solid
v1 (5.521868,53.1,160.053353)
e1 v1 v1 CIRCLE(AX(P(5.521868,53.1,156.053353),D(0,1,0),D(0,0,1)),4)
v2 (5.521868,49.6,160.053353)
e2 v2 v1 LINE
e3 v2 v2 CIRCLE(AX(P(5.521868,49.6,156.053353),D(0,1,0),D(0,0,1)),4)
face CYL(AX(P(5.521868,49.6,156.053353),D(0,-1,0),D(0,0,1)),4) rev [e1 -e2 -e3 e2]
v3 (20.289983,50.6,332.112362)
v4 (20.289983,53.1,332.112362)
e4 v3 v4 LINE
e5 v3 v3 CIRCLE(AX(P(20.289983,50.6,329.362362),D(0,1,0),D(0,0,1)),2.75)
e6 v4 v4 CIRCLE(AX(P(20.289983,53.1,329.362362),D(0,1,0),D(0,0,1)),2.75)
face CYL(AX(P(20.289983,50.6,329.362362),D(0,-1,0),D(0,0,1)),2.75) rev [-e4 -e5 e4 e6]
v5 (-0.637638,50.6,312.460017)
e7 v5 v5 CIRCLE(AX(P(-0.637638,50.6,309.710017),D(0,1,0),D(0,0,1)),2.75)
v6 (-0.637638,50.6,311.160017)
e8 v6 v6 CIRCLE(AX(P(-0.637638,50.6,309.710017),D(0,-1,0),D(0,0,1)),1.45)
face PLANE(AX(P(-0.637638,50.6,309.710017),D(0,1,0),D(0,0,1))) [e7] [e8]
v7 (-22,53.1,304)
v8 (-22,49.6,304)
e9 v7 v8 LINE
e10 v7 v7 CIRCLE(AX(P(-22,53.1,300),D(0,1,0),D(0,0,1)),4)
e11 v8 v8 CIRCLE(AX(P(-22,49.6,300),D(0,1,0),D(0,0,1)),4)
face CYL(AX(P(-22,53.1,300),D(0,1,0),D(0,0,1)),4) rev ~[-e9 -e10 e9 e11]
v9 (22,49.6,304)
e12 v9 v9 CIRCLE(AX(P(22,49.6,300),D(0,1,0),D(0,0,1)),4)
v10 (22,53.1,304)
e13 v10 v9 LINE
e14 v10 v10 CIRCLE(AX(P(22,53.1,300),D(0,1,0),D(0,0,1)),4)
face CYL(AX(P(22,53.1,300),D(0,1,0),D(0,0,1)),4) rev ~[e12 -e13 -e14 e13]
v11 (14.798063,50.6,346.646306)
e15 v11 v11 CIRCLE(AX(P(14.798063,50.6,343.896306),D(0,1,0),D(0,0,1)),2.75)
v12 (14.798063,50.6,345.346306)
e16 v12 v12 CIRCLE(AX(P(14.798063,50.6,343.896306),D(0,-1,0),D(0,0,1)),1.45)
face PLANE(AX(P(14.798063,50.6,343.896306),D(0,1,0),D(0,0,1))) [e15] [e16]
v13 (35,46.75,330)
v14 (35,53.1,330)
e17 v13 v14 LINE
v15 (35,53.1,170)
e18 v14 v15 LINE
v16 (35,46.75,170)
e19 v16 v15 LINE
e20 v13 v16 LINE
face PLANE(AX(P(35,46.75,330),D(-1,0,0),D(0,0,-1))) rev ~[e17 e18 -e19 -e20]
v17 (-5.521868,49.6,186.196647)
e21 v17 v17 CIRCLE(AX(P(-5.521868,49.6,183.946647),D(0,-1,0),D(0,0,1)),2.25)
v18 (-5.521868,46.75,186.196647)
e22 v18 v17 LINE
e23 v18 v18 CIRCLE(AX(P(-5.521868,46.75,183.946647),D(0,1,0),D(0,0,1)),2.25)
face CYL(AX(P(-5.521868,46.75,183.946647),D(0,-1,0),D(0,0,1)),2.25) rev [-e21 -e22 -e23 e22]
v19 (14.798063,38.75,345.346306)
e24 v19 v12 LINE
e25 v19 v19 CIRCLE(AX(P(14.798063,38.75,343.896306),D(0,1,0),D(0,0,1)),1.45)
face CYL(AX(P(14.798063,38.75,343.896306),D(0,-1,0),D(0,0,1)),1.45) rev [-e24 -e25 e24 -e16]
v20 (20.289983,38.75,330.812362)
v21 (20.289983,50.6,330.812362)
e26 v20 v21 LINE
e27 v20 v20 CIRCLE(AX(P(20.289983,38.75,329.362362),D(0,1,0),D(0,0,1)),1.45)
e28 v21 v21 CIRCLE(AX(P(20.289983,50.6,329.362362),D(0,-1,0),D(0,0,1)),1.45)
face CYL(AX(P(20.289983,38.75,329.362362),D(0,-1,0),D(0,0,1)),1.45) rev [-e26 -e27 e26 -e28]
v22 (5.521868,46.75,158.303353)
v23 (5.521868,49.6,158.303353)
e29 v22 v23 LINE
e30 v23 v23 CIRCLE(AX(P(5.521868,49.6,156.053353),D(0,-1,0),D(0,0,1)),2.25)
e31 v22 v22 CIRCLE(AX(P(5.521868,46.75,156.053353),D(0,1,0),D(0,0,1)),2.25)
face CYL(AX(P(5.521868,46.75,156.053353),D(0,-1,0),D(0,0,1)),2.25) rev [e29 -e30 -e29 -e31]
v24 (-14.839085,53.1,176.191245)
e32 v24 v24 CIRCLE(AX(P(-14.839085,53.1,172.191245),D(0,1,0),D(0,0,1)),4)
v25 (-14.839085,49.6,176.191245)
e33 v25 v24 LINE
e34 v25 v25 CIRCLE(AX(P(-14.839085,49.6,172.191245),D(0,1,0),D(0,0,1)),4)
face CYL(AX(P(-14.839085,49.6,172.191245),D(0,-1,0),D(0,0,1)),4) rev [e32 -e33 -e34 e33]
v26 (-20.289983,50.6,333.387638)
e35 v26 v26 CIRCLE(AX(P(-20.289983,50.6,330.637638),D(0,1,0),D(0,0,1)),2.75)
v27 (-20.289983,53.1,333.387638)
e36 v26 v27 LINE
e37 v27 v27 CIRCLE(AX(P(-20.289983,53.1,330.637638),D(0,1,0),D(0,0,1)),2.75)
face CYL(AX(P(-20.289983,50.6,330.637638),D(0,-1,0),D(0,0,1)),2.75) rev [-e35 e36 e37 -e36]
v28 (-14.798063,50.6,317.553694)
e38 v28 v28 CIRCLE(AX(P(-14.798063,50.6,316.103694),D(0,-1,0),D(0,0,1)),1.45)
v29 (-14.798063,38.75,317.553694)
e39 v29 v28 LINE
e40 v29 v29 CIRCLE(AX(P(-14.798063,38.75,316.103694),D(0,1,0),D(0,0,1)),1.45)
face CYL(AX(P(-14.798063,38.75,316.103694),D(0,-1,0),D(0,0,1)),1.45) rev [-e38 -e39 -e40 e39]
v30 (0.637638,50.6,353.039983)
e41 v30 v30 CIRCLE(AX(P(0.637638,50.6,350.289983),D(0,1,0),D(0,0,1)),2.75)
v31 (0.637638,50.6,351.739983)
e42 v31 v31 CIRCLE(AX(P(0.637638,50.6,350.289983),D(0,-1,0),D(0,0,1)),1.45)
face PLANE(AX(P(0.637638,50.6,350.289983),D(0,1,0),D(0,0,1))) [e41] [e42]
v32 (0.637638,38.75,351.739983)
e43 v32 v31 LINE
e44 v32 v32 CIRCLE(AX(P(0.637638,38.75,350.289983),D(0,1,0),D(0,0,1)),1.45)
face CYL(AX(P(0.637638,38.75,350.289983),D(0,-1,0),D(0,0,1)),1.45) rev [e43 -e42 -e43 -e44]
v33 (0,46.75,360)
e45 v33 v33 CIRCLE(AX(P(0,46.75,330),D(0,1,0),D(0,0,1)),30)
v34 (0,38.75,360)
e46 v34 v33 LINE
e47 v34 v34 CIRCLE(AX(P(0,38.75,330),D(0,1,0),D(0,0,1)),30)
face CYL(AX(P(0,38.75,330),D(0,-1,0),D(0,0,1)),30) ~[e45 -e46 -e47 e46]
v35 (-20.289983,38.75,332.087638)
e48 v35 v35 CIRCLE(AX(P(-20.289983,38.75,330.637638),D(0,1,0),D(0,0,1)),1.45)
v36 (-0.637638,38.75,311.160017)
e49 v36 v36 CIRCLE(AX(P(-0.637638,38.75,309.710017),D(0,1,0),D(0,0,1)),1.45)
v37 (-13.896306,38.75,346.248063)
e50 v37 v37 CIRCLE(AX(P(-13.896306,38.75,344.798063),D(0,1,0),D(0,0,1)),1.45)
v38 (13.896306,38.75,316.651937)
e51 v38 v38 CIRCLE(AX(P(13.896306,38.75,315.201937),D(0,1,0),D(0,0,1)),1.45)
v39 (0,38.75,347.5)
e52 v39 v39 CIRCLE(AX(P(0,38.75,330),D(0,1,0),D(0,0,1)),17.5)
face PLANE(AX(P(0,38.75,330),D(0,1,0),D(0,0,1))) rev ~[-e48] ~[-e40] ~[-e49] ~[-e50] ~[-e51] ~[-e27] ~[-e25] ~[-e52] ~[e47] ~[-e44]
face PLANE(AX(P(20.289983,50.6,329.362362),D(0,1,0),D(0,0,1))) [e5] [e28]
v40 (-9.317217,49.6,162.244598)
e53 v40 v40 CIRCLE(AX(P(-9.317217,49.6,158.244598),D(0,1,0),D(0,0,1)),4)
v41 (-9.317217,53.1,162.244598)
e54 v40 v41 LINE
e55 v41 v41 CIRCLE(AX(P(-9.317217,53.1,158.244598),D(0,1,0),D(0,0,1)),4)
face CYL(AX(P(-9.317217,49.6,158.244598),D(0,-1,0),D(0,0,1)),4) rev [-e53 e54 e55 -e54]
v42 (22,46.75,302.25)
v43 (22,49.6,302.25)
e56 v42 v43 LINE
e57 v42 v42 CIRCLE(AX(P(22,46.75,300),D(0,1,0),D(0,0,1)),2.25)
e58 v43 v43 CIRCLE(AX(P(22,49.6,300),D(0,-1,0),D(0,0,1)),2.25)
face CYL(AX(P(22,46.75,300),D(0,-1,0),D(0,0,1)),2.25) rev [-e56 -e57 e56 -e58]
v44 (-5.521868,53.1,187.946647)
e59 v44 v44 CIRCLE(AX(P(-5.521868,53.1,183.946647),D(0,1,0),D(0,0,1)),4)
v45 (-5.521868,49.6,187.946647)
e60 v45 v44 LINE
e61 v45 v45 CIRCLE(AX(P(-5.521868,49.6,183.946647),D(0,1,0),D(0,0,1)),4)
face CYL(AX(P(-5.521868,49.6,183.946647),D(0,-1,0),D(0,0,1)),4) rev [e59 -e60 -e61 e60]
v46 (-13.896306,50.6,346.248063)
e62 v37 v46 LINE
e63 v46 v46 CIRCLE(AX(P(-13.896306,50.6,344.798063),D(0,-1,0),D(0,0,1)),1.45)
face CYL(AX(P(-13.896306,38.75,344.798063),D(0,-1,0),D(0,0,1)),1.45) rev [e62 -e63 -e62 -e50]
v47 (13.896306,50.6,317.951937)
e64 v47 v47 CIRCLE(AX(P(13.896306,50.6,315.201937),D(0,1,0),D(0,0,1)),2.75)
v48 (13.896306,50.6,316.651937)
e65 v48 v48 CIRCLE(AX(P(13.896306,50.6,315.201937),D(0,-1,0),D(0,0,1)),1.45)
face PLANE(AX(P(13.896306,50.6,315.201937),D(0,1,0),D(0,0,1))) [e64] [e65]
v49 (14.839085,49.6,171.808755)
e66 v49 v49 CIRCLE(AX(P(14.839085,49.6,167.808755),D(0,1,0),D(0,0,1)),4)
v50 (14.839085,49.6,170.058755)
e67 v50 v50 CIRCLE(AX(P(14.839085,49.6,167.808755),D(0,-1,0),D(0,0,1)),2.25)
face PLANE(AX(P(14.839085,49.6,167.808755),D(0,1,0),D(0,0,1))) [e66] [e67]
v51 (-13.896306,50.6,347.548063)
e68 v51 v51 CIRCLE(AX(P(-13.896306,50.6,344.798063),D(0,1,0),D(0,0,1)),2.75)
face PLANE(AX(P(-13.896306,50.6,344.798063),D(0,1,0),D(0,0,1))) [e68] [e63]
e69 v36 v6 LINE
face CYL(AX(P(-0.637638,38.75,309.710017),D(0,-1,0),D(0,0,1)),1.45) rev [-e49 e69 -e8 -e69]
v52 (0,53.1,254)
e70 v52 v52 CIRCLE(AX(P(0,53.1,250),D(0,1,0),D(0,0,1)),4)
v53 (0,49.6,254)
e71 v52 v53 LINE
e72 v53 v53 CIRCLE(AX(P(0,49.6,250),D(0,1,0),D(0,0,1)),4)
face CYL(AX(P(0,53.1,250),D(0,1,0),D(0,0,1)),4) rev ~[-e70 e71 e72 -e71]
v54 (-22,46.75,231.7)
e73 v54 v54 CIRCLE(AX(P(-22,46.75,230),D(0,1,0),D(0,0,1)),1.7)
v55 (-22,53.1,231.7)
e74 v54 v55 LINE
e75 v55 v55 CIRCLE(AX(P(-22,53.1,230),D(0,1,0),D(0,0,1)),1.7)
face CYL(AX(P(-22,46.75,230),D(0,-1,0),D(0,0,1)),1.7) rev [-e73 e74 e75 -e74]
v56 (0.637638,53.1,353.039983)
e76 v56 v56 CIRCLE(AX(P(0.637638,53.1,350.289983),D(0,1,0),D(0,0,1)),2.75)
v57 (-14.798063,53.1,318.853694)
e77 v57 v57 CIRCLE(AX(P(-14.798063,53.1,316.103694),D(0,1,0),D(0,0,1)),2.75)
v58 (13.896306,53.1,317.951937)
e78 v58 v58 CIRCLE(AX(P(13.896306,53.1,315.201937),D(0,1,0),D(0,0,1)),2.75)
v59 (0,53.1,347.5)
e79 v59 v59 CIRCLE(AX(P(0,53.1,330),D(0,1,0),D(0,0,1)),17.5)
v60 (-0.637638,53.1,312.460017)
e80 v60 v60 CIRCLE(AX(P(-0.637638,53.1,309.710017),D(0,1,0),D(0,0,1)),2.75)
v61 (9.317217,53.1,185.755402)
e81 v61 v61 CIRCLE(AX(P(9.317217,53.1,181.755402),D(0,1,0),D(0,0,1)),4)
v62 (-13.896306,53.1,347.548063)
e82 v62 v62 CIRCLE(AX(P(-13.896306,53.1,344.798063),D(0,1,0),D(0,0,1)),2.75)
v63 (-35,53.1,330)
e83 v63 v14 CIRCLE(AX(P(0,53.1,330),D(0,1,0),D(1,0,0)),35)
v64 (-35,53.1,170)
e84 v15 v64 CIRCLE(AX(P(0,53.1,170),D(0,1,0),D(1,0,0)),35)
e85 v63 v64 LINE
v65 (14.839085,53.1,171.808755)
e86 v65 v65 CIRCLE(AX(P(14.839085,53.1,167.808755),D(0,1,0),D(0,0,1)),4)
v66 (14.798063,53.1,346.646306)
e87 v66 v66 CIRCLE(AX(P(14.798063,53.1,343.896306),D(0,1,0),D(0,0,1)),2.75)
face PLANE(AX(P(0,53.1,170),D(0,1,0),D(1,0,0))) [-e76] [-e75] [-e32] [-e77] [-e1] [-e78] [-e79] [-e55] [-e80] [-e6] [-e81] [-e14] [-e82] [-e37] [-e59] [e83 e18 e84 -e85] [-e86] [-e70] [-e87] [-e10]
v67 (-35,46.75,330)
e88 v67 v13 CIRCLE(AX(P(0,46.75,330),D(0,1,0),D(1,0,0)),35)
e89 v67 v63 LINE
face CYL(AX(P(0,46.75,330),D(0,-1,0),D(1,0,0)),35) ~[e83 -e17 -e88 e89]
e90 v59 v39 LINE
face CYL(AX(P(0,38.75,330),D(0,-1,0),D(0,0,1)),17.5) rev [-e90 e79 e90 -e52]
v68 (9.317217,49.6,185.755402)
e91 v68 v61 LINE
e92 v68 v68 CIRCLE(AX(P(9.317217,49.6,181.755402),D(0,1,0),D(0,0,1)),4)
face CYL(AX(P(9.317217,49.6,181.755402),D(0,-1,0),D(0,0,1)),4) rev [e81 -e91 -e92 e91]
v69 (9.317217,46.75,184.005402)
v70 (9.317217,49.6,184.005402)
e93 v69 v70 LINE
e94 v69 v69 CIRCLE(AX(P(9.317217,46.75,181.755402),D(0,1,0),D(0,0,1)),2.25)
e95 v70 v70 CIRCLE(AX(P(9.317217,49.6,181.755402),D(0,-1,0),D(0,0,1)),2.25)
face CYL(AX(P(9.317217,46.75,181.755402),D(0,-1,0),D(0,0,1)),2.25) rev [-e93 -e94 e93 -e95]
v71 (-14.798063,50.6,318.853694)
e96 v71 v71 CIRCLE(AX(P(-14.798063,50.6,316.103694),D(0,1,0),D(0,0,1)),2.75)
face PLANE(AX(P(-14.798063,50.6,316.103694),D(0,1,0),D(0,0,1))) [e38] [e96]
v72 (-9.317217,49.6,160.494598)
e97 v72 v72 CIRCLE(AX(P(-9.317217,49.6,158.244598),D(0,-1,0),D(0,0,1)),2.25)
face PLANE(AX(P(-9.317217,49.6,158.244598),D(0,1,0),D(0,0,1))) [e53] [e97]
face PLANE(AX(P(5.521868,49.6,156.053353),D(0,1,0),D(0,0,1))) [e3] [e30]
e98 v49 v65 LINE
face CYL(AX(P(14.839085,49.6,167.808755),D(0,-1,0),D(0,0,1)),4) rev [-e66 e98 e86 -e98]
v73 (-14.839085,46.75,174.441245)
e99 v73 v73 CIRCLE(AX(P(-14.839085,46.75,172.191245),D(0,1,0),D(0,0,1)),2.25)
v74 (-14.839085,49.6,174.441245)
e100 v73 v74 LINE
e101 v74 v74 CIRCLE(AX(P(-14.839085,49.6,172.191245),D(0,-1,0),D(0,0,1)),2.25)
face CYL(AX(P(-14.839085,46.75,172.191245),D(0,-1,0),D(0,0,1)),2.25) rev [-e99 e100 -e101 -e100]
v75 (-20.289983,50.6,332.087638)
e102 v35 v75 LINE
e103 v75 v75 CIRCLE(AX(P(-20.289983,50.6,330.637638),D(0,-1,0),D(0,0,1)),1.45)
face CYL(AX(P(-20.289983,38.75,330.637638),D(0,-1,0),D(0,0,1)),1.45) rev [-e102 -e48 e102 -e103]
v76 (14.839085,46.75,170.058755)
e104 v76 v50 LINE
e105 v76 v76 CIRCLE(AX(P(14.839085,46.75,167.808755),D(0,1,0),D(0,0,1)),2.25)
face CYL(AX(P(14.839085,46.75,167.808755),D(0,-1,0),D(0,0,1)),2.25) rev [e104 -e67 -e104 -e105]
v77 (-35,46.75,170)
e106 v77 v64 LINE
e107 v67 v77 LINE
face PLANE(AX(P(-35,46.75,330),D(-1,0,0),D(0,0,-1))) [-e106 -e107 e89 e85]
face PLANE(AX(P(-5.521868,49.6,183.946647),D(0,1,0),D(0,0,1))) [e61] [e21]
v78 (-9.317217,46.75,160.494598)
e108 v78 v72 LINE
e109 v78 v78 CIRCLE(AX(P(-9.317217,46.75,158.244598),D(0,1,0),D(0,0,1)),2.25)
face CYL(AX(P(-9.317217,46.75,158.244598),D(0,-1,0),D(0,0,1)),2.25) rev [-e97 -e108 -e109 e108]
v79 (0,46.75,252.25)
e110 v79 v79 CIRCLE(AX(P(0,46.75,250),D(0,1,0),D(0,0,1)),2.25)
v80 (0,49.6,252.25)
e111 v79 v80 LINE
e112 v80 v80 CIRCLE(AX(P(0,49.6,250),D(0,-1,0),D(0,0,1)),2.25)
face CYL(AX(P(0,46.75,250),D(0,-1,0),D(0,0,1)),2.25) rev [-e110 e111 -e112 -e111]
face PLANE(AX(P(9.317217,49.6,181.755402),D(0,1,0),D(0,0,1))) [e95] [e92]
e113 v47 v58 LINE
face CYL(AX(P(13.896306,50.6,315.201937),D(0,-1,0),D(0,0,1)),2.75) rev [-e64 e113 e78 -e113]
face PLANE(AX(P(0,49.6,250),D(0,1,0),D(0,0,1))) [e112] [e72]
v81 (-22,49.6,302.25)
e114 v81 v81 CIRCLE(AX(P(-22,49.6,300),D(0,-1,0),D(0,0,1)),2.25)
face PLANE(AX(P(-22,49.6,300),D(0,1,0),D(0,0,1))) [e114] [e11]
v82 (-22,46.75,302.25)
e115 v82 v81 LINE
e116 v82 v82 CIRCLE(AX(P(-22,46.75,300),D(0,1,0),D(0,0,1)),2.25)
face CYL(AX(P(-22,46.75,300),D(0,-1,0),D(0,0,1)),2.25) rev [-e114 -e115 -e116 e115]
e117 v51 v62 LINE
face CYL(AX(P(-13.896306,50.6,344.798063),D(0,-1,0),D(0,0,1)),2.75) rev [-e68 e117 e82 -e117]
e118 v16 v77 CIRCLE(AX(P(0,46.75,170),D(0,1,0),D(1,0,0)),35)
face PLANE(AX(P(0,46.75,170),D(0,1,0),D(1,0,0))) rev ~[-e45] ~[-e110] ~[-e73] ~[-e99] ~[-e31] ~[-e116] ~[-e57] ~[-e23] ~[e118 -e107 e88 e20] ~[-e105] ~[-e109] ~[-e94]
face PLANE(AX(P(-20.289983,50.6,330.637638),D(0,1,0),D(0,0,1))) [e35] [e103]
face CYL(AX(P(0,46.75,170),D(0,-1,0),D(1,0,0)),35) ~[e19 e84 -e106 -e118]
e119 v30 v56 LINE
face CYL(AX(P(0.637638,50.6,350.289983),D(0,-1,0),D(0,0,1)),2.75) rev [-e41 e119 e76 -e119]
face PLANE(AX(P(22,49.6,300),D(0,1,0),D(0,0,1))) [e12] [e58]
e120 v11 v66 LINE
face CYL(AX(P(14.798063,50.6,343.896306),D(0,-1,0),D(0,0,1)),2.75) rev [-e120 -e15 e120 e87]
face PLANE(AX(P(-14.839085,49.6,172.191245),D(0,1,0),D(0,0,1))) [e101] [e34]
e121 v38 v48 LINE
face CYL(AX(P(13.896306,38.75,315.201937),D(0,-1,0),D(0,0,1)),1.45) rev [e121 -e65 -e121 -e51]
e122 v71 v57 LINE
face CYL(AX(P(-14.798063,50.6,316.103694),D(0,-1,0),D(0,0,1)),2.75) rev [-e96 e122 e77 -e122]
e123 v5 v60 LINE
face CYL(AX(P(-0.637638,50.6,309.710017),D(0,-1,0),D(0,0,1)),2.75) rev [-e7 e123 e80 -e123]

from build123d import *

# Parameters (mm, degrees)
PLACA_START                    = 46.75
SK_PLACA_W                     = 70
SK_PLACA_H                     = 160
PLACA_DEPTH                    = 6.35
EXTREMOS_START                 = 46.75
SK_EXTREMOS_R                  = 35
EXTREMOS_DEPTH                 = 6.35
PASANTES_M4_SEPARADORES_START  = 46.75
SK_PASANTES_M4_SEPARADORES_R   = 2.25
PASANTES_M4_SEPARADORES_DEPTH  = 6.35
ASIENTO_J3_START               = 38.75
SK_ASIENTO_J3_R                = 30
SK_ASIENTO_J3_R_2              = 17.5
ASIENTO_J3_DEPTH               = 8
PASO_ROTOR_J3_START            = 38.75
SK_PASO_ROTOR_J3_R             = 17.5
PASO_ROTOR_J3_DEPTH            = 14.35
PASANTES_M2_5_ESTATOR_J3_START = 38.75
SK_PASANTES_M2_5_ESTATOR_J3_R  = 1.45
PASANTES_M2_5_ESTATOR_J3_DEPTH = 14.35
CAJAS_M2_5_J3_START            = 50.6
SK_CAJAS_M2_5_J3_R             = 2.75
CAJAS_M2_5_J3_DEPTH            = 2.5
PASANTES_M4_SALIDA_J2_START    = 46.75
SK_PASANTES_M4_SALIDA_J2_R     = 2.25
PASANTES_M4_SALIDA_J2_DEPTH    = 6.35
CAJAS_M4_J2_START              = 49.6
SK_CAJAS_M4_J2_R               = 4
CAJAS_M4_J2_DEPTH              = 3.5
PASANTE_M3_CINCHO_START        = 46.75
SK_PASANTE_M3_CINCHO_R         = 1.7
PASANTE_M3_CINCHO_DEPTH        = 6.35
SK_CAJAS_M4_SEPARADORES_R      = 4
CAJAS_M4_SEPARADORES_DEPTH     = 3.5


with BuildPart() as part:
    # Sk_Placa → Placa (new body)
    with BuildSketch(Plane(origin=(0, 0, 0), x_dir=(1, 0, 0), z_dir=(0, 1, 0)).offset(PLACA_START)):
        with Locations((0, -250)):
            Rectangle(SK_PLACA_W, SK_PLACA_H)
    extrude(amount=PLACA_DEPTH)

    # Sk_Extremos → Extremos (add)
    with BuildSketch(Plane(origin=(0, 0, 0), x_dir=(1, 0, 0), z_dir=(0, 1, 0)).offset(EXTREMOS_START)):
        with Locations((0, -170)):
            Circle(SK_EXTREMOS_R)
        with Locations((0, -330)):
            Circle(SK_EXTREMOS_R)
    extrude(amount=EXTREMOS_DEPTH)

    # Sk_Pasantes_M4_separadores → Pasantes_M4_separadores (cut)
    with BuildSketch(Plane(origin=(0, 0, 0), x_dir=(1, 0, 0), z_dir=(0, 1, 0)).offset(PASANTES_M4_SEPARADORES_START)):
        with Locations(Location((0, -250, 0), (0, 0, 270))):
            Circle(SK_PASANTES_M4_SEPARADORES_R)
        with Locations(Location((-22, -300, 0), (0, 0, 270))):
            Circle(SK_PASANTES_M4_SEPARADORES_R)
        with Locations(Location((22, -300, 0), (0, 0, 270))):
            Circle(SK_PASANTES_M4_SEPARADORES_R)
    extrude(amount=PASANTES_M4_SEPARADORES_DEPTH, mode=Mode.SUBTRACT)

    # Sk_Asiento_J3 → Asiento_J3 (add)
    with BuildSketch(Plane(origin=(0, 0, 0), x_dir=(1, 0, 0), z_dir=(0, 1, 0)).offset(ASIENTO_J3_START)):
        with Locations(Location((0, -330, 0), (0, 0, 270))):
            Circle(SK_ASIENTO_J3_R)
        with Locations(Location((0, -330, 0), (0, 0, 270))):
            Circle(SK_ASIENTO_J3_R_2, mode=Mode.SUBTRACT)
    extrude(amount=ASIENTO_J3_DEPTH)

    # Sk_Paso_rotor_J3 → Paso_rotor_J3 (cut)
    with BuildSketch(Plane(origin=(0, 0, 0), x_dir=(1, 0, 0), z_dir=(0, 1, 0)).offset(PASO_ROTOR_J3_START)):
        with Locations(Location((0, -330, 0), (0, 0, 270))):
            Circle(SK_PASO_ROTOR_J3_R)
    extrude(amount=PASO_ROTOR_J3_DEPTH, mode=Mode.SUBTRACT)

    # Sk_Pasantes_M2-5_estator_J3 → Pasantes_M2-5_estator_J3 (cut)
    with BuildSketch(Plane(origin=(0, 0, 0), x_dir=(1, 0, 0), z_dir=(0, 1, 0)).offset(PASANTES_M2_5_ESTATOR_J3_START)):
        with Locations(Location((20.289983175, -329.362361591, 0), (0, 0, 270))):
            Circle(SK_PASANTES_M2_5_ESTATOR_J3_R)
        with Locations(Location((14.798063137, -343.89630625, 0), (0, 0, 270))):
            Circle(SK_PASANTES_M2_5_ESTATOR_J3_R)
        with Locations(Location((0.637638409, -350.289983175, 0), (0, 0, 270))):
            Circle(SK_PASANTES_M2_5_ESTATOR_J3_R)
        with Locations(Location((-13.89630625, -344.798063137, 0), (0, 0, 270))):
            Circle(SK_PASANTES_M2_5_ESTATOR_J3_R)
        with Locations(Location((-20.289983175, -330.637638409, 0), (0, 0, 270))):
            Circle(SK_PASANTES_M2_5_ESTATOR_J3_R)
        with Locations(Location((-14.798063137, -316.10369375, 0), (0, 0, 270))):
            Circle(SK_PASANTES_M2_5_ESTATOR_J3_R)
        with Locations(Location((-0.637638409, -309.710016825, 0), (0, 0, 270))):
            Circle(SK_PASANTES_M2_5_ESTATOR_J3_R)
        with Locations(Location((13.89630625, -315.201936863, 0), (0, 0, 270))):
            Circle(SK_PASANTES_M2_5_ESTATOR_J3_R)
    extrude(amount=PASANTES_M2_5_ESTATOR_J3_DEPTH, mode=Mode.SUBTRACT)

    # Sk_Cajas_M2-5_J3 → Cajas_M2-5_J3 (cut)
    with BuildSketch(Plane(origin=(0, 0, 0), x_dir=(1, 0, 0), z_dir=(0, 1, 0)).offset(CAJAS_M2_5_J3_START)):
        with Locations(Location((20.289983175, -329.362361591, 0), (0, 0, 270))):
            Circle(SK_CAJAS_M2_5_J3_R)
        with Locations(Location((14.798063137, -343.89630625, 0), (0, 0, 270))):
            Circle(SK_CAJAS_M2_5_J3_R)
        with Locations(Location((0.637638409, -350.289983175, 0), (0, 0, 270))):
            Circle(SK_CAJAS_M2_5_J3_R)
        with Locations(Location((-13.89630625, -344.798063137, 0), (0, 0, 270))):
            Circle(SK_CAJAS_M2_5_J3_R)
        with Locations(Location((-20.289983175, -330.637638409, 0), (0, 0, 270))):
            Circle(SK_CAJAS_M2_5_J3_R)
        with Locations(Location((-14.798063137, -316.10369375, 0), (0, 0, 270))):
            Circle(SK_CAJAS_M2_5_J3_R)
        with Locations(Location((-0.637638409, -309.710016825, 0), (0, 0, 270))):
            Circle(SK_CAJAS_M2_5_J3_R)
        with Locations(Location((13.89630625, -315.201936863, 0), (0, 0, 270))):
            Circle(SK_CAJAS_M2_5_J3_R)
    extrude(amount=CAJAS_M2_5_J3_DEPTH, mode=Mode.SUBTRACT)

    # Sk_Pasantes_M4_salida_J2 → Pasantes_M4_salida_J2 (cut)
    with BuildSketch(Plane(origin=(0, 0, 0), x_dir=(1, 0, 0), z_dir=(0, 1, 0)).offset(PASANTES_M4_SALIDA_J2_START)):
        with Locations(Location((14.839084994, -167.808754572, 0), (0, 0, 270))):
            Circle(SK_PASANTES_M4_SALIDA_J2_R)
        with Locations(Location((9.317216704, -181.75540186, 0), (0, 0, 270))):
            Circle(SK_PASANTES_M4_SALIDA_J2_R)
        with Locations(Location((-5.52186829, -183.946647288, 0), (0, 0, 270))):
            Circle(SK_PASANTES_M4_SALIDA_J2_R)
        with Locations(Location((-14.839084994, -172.191245428, 0), (0, 0, 270))):
            Circle(SK_PASANTES_M4_SALIDA_J2_R)
        with Locations(Location((-9.317216704, -158.24459814, 0), (0, 0, 270))):
            Circle(SK_PASANTES_M4_SALIDA_J2_R)
        with Locations(Location((5.52186829, -156.053352712, 0), (0, 0, 270))):
            Circle(SK_PASANTES_M4_SALIDA_J2_R)
    extrude(amount=PASANTES_M4_SALIDA_J2_DEPTH, mode=Mode.SUBTRACT)

    # Sk_Cajas_M4_J2 → Cajas_M4_J2 (cut)
    with BuildSketch(Plane(origin=(0, 0, 0), x_dir=(1, 0, 0), z_dir=(0, 1, 0)).offset(CAJAS_M4_J2_START)):
        with Locations(Location((14.839084994, -167.808754572, 0), (0, 0, 270))):
            Circle(SK_CAJAS_M4_J2_R)
        with Locations(Location((9.317216704, -181.75540186, 0), (0, 0, 270))):
            Circle(SK_CAJAS_M4_J2_R)
        with Locations(Location((-5.52186829, -183.946647288, 0), (0, 0, 270))):
            Circle(SK_CAJAS_M4_J2_R)
        with Locations(Location((-14.839084994, -172.191245428, 0), (0, 0, 270))):
            Circle(SK_CAJAS_M4_J2_R)
        with Locations(Location((-9.317216704, -158.24459814, 0), (0, 0, 270))):
            Circle(SK_CAJAS_M4_J2_R)
        with Locations(Location((5.52186829, -156.053352712, 0), (0, 0, 270))):
            Circle(SK_CAJAS_M4_J2_R)
    extrude(amount=CAJAS_M4_J2_DEPTH, mode=Mode.SUBTRACT)

    # Sk_Pasante_M3_cincho → Pasante_M3_cincho (cut)
    with BuildSketch(Plane(origin=(0, 0, 0), x_dir=(1, 0, 0), z_dir=(0, 1, 0)).offset(PASANTE_M3_CINCHO_START)):
        with Locations(Location((-22, -230, 0), (0, 0, 270))):
            Circle(SK_PASANTE_M3_CINCHO_R)
    extrude(amount=PASANTE_M3_CINCHO_DEPTH, mode=Mode.SUBTRACT)

    # Sk_Cajas_M4_separadores → Cajas_M4_separadores (cut)
    with BuildSketch(Plane(origin=(0, 53.1, 0), x_dir=(1, 0, 0), z_dir=(0, 1, 0))):
        with Locations(Location((0, -250, 0), (0, 0, 270))):
            Circle(SK_CAJAS_M4_SEPARADORES_R)
        with Locations(Location((22, -300, 0), (0, 0, 270))):
            Circle(SK_CAJAS_M4_SEPARADORES_R)
        with Locations(Location((-22, -300, 0), (0, 0, 270))):
            Circle(SK_CAJAS_M4_SEPARADORES_R)
    extrude(amount=-CAJAS_M4_SEPARADORES_DEPTH, mode=Mode.SUBTRACT)


solid = part.part
